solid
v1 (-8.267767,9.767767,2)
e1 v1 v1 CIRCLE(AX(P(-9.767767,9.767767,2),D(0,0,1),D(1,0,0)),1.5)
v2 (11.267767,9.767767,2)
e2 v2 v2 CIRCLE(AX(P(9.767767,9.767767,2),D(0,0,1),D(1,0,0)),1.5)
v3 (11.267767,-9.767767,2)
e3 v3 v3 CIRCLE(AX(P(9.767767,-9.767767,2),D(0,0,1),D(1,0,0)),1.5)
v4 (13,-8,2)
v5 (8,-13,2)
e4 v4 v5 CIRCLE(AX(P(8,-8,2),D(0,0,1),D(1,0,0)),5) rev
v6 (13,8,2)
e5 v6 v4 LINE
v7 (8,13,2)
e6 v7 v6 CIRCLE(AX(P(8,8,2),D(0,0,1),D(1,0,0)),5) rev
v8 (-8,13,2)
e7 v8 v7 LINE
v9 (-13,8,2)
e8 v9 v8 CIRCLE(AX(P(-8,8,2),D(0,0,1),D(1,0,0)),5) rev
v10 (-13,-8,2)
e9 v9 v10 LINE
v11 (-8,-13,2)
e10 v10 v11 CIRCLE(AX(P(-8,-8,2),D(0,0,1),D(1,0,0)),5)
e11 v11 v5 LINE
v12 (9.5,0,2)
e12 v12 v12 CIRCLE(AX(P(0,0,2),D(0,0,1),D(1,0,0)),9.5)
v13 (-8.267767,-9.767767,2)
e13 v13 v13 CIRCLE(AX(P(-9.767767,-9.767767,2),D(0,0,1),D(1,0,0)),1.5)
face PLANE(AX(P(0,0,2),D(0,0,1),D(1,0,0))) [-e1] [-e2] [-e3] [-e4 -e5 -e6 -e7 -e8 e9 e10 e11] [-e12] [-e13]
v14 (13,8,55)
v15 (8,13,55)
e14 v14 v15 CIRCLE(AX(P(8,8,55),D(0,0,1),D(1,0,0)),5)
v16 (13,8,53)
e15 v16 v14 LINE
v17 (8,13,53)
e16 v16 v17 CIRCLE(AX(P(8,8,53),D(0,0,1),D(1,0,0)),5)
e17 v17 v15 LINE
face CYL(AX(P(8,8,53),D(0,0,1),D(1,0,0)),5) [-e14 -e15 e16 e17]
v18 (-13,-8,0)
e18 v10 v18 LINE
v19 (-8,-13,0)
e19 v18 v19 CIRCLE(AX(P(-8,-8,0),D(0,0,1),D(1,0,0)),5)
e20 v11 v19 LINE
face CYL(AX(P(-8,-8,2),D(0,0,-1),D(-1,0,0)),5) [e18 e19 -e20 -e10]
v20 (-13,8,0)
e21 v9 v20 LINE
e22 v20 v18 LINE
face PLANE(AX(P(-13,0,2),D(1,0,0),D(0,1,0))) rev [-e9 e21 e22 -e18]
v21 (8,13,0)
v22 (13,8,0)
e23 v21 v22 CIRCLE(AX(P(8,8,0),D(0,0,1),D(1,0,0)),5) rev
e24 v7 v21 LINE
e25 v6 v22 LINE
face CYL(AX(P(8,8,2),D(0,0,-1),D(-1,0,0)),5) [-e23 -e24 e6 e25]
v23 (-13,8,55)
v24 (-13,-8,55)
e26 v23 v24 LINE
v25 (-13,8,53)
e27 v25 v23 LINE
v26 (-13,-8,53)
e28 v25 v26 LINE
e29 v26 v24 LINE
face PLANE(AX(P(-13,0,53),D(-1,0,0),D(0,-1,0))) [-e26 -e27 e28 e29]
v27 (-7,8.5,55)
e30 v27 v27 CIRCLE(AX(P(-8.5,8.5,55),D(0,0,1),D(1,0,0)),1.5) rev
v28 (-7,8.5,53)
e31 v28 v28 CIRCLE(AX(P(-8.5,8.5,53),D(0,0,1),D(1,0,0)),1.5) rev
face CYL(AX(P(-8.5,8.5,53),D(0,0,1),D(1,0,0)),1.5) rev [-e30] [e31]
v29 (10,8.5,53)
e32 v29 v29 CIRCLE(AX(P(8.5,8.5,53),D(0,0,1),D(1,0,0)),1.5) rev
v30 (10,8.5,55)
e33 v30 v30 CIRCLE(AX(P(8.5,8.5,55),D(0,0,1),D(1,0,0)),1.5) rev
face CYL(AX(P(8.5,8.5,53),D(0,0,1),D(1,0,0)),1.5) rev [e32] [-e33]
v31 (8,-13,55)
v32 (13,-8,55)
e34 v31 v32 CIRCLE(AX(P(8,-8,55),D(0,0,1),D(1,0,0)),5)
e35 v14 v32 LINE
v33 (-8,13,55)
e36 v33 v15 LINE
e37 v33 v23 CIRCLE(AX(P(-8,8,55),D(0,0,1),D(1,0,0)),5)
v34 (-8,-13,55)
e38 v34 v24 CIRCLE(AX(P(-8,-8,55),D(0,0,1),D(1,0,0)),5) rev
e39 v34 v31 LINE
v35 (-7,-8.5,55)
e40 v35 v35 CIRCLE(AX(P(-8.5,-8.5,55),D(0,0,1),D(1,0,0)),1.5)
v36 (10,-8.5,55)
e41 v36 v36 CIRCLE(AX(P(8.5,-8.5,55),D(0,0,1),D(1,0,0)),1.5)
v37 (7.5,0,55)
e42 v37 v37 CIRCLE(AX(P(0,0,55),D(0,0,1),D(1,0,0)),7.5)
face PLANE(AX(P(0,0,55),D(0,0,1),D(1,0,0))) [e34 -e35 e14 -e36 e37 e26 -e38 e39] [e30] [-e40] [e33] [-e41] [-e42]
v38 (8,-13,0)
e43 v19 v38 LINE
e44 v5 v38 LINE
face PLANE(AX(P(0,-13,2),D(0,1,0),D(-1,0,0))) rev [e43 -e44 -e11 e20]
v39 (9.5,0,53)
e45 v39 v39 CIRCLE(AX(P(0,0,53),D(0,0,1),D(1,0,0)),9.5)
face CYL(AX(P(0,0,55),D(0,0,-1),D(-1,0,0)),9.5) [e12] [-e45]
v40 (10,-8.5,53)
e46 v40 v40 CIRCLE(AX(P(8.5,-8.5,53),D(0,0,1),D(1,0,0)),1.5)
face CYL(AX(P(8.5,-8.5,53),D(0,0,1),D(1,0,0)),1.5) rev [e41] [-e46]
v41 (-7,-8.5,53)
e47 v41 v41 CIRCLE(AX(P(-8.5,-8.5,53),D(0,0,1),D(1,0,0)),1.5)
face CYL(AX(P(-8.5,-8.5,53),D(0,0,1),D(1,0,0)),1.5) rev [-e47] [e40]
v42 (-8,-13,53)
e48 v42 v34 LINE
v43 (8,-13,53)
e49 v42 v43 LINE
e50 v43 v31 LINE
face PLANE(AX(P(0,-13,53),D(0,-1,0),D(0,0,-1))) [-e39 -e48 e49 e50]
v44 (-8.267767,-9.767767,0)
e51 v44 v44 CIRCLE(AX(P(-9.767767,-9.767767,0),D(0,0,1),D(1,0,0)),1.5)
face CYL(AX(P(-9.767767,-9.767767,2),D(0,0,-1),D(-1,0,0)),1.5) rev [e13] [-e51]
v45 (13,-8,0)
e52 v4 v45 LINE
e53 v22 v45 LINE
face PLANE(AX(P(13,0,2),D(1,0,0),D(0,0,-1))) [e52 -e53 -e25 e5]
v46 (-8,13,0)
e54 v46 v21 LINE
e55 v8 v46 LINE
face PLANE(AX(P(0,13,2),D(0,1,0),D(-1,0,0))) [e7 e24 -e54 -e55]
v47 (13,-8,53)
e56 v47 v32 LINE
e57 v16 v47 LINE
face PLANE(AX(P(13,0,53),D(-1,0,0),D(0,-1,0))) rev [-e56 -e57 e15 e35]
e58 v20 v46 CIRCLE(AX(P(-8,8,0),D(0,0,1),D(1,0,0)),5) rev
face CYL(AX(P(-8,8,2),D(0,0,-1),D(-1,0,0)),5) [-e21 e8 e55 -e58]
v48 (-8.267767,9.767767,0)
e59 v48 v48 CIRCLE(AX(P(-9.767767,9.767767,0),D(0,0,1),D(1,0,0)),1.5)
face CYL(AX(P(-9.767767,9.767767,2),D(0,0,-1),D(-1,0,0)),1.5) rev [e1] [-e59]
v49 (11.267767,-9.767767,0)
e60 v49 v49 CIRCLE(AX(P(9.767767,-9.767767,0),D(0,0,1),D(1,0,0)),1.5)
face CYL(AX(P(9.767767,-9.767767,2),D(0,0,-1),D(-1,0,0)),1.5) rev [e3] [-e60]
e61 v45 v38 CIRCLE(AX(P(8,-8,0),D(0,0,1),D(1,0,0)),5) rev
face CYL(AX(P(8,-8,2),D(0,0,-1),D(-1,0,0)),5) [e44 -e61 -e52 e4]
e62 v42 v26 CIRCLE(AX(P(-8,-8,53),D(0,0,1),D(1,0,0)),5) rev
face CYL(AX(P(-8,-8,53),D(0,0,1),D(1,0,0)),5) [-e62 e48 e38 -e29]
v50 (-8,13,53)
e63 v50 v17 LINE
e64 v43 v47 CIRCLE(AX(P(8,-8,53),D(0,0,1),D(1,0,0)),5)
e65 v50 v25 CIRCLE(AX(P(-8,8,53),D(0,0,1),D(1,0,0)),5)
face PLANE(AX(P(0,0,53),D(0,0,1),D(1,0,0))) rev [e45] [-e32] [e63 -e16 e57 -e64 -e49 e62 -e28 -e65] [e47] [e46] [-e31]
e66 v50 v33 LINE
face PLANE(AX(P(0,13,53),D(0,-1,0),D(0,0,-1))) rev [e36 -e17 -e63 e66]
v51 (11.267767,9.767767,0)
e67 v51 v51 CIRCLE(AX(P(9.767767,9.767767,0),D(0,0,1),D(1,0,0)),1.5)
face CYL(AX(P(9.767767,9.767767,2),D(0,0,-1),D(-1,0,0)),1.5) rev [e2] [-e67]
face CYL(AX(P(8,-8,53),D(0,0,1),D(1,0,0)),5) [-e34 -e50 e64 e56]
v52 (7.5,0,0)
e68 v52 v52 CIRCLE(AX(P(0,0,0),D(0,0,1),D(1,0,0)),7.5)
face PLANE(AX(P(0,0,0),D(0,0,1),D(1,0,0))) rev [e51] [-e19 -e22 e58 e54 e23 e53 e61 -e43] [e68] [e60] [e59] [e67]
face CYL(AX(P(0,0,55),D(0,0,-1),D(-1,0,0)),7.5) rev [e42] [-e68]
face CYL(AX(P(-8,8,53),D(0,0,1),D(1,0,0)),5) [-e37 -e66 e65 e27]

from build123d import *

# Parameters (mm, degrees)
SKETCH_1_R      = 1.5
SKETCH_1_R_2    = 9.5
EXTRUDE_1_DEPTH = 2
SKETCH_1_6_R    = 9.5
SKETCH_1_6_R_2  = 7.5
EXTRUDE_2_DEPTH = 55
EXTRUDE_START   = -2
SKETCH_5_R      = 1.5
SKETCH_5_R_2    = 9.5
EXTRUDE_3_DEPTH = 2


with BuildPart() as part:
    # 草图1 → 凸台-拉伸1 (new body)
    with BuildSketch(Plane.XY):
        with BuildLine():
            Line((8, 13), (-8, 13))
            ThreePointArc((-8, 13), (-11.535533906, 11.535533906), (-13, 8))
            Line((-13, 8), (-13, -8))
            ThreePointArc((-13, -8), (-11.535533906, -11.535533906), (-8, -13))
            Line((-8, -13), (8, -13))
            ThreePointArc((8, -13), (11.535533906, -11.535533906), (13, -8))
            Line((13, -8), (13, 8))
            ThreePointArc((13, 8), (11.535533906, 11.535533906), (8, 13))
        make_face()
        with Locations((-9.767766953, -9.767766953)):
            Circle(SKETCH_1_R, mode=Mode.SUBTRACT)
        with Locations((9.767766953, -9.767766953)):
            Circle(SKETCH_1_R, mode=Mode.SUBTRACT)
        with Locations((-9.767766953, 9.767766953)):
            Circle(SKETCH_1_R, mode=Mode.SUBTRACT)
        Circle(SKETCH_1_R_2, mode=Mode.SUBTRACT)
        with Locations((9.767766953, 9.767766953)):
            Circle(SKETCH_1_R, mode=Mode.SUBTRACT)
    extrude(amount=EXTRUDE_1_DEPTH)

    # 草图1<6> → 凸台-拉伸2 (add)
    with BuildSketch(Plane.XY):
        Circle(SKETCH_1_6_R)
        Circle(SKETCH_1_6_R_2, mode=Mode.SUBTRACT)
    extrude(amount=EXTRUDE_2_DEPTH)

    # 草图5 → 凸台-拉伸3 (add)
    with BuildSketch(Plane.XY.offset(55).offset(EXTRUDE_START)):
        with BuildLine():
            Line((8, 13), (-8, 13))
            ThreePointArc((-8, 13), (-11.535533906, 11.535533906), (-13, 8))
            Line((-13, 8), (-13, -8))
            ThreePointArc((-13, -8), (-11.535533906, -11.535533906), (-8, -13))
            Line((-8, -13), (8, -13))
            ThreePointArc((8, -13), (11.535533906, -11.535533906), (13, -8))
            Line((13, -8), (13, 8))
            ThreePointArc((13, 8), (11.535533906, 11.535533906), (8, 13))
        make_face()
        with Locations((-8.5, -8.5)):
            Circle(SKETCH_5_R, mode=Mode.SUBTRACT)
        with Locations((8.5, -8.5)):
            Circle(SKETCH_5_R, mode=Mode.SUBTRACT)
        Circle(SKETCH_5_R_2, mode=Mode.SUBTRACT)
        with Locations((-8.5, 8.5)):
            Circle(SKETCH_5_R, mode=Mode.SUBTRACT)
        with Locations((8.5, 8.5)):
            Circle(SKETCH_5_R, mode=Mode.SUBTRACT)
    extrude(amount=EXTRUDE_3_DEPTH)


solid = part.part
